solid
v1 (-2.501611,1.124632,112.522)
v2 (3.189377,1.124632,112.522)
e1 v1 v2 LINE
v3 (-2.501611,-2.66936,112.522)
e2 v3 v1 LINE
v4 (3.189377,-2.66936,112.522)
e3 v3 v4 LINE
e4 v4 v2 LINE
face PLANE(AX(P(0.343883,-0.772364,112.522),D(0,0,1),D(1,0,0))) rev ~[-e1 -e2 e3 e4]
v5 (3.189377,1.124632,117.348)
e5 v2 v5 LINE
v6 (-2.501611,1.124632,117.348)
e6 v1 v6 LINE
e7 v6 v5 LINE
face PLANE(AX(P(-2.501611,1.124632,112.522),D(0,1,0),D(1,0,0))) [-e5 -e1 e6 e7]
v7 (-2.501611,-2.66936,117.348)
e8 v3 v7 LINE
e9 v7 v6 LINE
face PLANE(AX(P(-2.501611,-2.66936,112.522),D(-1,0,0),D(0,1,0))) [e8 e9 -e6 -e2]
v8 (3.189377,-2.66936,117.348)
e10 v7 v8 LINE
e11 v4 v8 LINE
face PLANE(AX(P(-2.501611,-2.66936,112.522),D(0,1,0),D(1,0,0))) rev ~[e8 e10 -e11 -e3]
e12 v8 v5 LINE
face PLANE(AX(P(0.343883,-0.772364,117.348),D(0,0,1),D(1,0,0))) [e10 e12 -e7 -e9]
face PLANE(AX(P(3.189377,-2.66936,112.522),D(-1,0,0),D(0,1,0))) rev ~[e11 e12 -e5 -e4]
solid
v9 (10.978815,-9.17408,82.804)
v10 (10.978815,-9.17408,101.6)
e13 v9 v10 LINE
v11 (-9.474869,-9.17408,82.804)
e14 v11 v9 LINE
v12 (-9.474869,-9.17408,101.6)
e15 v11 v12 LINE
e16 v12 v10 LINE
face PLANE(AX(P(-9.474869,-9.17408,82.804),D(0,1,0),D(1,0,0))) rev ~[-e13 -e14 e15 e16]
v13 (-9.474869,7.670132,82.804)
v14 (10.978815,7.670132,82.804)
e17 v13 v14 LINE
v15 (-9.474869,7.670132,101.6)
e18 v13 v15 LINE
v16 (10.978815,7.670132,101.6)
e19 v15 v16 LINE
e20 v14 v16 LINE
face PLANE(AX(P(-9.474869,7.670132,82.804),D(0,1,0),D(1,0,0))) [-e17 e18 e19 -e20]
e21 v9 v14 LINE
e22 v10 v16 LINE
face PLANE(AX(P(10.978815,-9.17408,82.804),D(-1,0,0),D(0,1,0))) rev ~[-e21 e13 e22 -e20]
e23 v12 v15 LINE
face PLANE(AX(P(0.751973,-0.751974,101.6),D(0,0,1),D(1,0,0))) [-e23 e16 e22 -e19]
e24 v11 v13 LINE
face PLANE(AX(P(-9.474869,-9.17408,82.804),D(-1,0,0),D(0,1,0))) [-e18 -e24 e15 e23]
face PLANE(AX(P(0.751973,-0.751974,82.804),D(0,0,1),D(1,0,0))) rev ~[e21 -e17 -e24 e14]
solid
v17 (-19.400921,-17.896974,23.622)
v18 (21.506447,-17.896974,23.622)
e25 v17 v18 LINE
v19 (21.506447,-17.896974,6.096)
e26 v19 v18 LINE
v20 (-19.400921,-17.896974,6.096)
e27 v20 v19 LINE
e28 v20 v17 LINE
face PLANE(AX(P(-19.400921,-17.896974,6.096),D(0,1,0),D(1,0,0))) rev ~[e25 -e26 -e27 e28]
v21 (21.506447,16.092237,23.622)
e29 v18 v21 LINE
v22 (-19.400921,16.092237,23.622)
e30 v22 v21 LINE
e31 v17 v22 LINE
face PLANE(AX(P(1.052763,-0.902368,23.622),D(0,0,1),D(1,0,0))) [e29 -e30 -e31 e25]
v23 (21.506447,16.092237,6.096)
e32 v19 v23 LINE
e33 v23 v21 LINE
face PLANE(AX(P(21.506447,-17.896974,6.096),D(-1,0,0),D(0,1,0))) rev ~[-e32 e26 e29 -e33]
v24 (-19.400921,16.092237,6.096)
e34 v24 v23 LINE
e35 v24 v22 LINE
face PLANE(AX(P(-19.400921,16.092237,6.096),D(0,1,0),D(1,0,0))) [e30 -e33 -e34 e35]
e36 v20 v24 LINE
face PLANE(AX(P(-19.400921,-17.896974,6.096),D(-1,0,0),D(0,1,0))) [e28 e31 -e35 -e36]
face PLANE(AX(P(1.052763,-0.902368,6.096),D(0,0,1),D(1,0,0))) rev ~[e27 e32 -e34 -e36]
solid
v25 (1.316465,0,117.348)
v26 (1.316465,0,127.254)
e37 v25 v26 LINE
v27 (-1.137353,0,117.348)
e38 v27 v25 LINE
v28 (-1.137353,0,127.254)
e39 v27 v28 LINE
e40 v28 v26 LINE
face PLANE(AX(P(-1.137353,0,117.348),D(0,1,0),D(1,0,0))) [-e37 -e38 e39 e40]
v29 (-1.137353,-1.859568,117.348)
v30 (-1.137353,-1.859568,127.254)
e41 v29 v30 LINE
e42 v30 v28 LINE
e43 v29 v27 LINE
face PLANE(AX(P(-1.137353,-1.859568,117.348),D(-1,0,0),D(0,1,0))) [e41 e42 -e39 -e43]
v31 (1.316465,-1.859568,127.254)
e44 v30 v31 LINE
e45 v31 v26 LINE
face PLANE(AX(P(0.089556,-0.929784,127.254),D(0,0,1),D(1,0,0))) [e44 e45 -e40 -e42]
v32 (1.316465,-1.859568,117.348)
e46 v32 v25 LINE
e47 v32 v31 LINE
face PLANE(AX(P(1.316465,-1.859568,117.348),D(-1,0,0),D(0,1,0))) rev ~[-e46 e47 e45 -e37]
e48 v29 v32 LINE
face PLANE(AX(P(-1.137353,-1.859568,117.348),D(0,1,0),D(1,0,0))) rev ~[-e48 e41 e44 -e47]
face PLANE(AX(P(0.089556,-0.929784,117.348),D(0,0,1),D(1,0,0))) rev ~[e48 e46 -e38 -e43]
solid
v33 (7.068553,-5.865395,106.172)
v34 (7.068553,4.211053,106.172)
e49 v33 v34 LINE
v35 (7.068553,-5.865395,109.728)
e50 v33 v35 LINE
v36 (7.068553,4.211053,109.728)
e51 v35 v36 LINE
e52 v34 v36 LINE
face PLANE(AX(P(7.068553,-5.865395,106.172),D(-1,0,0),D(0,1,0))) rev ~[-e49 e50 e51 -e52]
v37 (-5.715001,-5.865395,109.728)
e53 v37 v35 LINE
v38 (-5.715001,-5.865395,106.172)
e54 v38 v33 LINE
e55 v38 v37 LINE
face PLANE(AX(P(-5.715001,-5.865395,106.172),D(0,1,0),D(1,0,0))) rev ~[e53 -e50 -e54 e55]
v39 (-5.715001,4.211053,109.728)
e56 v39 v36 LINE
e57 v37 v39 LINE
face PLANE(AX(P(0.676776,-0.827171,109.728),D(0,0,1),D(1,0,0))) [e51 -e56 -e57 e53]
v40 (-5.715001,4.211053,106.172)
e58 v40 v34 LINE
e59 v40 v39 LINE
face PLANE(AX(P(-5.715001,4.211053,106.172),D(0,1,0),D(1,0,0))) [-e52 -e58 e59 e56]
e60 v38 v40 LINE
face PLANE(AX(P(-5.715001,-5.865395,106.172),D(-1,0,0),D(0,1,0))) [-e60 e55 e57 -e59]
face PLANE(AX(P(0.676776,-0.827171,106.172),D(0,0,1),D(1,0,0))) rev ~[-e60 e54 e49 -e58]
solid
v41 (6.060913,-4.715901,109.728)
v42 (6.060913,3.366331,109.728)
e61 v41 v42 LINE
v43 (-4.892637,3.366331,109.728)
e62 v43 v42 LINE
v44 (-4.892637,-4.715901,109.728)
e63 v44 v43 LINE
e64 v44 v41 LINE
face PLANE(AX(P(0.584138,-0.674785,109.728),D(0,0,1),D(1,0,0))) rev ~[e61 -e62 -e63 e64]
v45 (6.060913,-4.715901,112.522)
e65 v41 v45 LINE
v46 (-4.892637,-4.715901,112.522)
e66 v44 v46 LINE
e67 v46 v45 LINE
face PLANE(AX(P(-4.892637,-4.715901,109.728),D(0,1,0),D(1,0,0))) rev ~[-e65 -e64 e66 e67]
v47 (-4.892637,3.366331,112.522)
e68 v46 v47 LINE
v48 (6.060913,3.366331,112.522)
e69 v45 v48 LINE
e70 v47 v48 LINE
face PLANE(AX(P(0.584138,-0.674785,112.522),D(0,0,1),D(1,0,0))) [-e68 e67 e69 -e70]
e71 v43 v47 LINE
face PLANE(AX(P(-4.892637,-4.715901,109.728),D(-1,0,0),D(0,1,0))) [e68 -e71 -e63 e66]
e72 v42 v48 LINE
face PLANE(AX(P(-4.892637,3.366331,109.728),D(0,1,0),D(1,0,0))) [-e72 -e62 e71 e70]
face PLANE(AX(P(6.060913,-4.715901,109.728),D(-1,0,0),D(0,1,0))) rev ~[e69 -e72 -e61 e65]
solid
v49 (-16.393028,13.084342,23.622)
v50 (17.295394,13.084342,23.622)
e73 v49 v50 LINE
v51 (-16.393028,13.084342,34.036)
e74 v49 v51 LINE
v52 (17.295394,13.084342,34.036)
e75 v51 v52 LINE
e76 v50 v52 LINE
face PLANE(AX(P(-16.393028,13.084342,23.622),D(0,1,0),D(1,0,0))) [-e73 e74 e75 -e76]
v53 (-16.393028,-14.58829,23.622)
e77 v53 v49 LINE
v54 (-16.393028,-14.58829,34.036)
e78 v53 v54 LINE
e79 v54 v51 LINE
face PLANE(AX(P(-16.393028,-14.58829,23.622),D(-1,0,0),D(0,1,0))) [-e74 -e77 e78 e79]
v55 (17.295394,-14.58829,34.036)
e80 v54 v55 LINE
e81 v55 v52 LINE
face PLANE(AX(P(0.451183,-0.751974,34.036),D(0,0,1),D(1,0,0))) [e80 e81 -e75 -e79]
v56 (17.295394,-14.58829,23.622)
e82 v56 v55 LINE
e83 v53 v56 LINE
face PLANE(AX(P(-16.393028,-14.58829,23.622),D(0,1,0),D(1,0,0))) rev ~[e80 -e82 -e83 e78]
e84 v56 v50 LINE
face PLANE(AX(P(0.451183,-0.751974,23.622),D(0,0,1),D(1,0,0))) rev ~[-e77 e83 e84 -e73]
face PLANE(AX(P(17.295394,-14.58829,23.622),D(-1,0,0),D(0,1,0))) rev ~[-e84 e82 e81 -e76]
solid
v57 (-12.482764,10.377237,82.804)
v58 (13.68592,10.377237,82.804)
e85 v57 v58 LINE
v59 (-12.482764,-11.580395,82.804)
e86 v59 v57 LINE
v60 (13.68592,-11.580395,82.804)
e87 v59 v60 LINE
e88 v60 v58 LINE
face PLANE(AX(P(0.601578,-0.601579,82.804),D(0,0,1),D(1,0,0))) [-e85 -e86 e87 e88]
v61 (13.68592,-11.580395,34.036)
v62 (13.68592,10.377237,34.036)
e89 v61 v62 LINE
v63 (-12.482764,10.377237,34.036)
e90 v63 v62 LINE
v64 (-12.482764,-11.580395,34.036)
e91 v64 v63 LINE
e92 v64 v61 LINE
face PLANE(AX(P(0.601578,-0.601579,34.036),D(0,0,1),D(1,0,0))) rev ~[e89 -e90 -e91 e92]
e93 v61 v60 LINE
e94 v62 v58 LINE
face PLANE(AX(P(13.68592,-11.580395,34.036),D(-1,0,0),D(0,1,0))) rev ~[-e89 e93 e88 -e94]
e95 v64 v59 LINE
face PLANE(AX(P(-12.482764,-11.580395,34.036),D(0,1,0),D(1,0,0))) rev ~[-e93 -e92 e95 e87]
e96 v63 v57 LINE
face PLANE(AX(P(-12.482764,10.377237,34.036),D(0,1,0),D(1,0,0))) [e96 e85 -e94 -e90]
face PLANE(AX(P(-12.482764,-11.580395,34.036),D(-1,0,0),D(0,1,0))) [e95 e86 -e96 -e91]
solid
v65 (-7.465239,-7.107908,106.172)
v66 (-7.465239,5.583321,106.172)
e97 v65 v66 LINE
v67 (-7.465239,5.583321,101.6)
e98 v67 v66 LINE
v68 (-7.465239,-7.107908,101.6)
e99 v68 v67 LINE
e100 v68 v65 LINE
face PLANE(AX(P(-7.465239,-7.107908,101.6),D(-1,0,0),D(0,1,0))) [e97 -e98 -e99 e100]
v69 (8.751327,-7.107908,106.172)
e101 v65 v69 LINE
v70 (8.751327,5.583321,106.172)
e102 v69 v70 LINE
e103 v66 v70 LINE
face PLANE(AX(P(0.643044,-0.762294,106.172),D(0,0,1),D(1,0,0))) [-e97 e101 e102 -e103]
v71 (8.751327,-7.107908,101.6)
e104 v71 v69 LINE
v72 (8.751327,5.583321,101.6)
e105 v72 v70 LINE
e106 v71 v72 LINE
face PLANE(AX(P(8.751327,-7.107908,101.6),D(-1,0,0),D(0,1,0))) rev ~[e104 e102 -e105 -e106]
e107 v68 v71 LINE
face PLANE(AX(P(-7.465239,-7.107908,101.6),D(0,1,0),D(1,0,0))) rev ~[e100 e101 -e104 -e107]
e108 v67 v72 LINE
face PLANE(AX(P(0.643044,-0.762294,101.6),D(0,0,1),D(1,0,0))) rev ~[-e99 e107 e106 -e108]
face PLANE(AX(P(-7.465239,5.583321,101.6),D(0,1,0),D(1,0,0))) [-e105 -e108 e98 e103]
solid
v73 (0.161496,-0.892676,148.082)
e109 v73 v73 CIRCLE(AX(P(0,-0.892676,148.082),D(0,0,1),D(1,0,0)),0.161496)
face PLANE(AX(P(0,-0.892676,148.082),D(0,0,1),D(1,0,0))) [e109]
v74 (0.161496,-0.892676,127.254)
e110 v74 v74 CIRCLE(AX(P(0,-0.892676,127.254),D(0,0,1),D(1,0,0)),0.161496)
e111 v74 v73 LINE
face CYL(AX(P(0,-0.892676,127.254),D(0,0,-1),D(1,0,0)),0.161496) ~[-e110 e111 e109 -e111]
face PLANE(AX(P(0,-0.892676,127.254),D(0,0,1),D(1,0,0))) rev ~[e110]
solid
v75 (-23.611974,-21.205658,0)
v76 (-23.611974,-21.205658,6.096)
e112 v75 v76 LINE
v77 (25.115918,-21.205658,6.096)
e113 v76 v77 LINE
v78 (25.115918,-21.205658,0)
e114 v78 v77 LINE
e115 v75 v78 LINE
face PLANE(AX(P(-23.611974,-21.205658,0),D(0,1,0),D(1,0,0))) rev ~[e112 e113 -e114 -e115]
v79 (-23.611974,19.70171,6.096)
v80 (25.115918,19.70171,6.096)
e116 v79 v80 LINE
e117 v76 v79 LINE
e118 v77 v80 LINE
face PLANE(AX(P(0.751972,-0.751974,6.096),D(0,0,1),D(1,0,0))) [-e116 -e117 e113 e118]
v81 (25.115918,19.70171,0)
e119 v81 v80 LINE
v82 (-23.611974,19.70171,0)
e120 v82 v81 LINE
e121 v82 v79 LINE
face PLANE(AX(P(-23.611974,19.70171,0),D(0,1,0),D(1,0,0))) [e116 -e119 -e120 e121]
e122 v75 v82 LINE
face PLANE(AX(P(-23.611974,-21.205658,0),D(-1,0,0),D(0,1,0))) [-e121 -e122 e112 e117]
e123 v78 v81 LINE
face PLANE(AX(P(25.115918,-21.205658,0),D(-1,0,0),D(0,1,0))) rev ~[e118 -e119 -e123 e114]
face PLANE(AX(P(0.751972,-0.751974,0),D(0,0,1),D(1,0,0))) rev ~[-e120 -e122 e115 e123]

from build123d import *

# Parameters (mm, degrees)
F0_W      = 48.727892
F0_H      = 40.907368
F1_DEPTH  = 6.096
F2_W      = 40.907368
F2_H      = 33.989211
F3_DEPTH  = 17.526
F4_W      = 33.688422
F4_H      = 27.672633
F5_DEPTH  = 10.414
F6_W      = 26.168683
F6_H      = 21.957632
F7_DEPTH  = 48.768
F8_W      = 20.453684
F8_H      = 16.844212
F9_DEPTH  = 18.796
F10_W     = 16.216566
F10_H     = 12.691229
F11_DEPTH = 4.572
F12_W     = 12.783553
F12_H     = 10.076448
F13_DEPTH = 3.556
F14_W     = 10.95355
F14_H     = 8.082231
F15_DEPTH = 2.794
F16_W     = 5.690988
F16_H     = 3.793992
F17_DEPTH = 4.826
F18_W     = 2.453818
F18_H     = 1.859568
F19_DEPTH = 9.906
F21_R     = 0.161496
F22_DEPTH = 20.828


with BuildPart() as f1:
    # F0 (on Top) → F1 (new body)
    with BuildSketch(Plane.XY):
        with Locations((0.751972, -0.751974)):
            Rectangle(F0_W, F0_H)
    extrude(amount=F1_DEPTH)


with BuildPart() as f3:
    # F2 (on face) → F3 (new body)
    with BuildSketch(Plane.XY.offset(6.096)):
        with Locations((1.052763, -0.902368)):
            Rectangle(F2_W, F2_H)
    extrude(amount=F3_DEPTH)


with BuildPart() as f5:
    # F4 (on face) → F5 (new body)
    with BuildSketch(Plane.XY.offset(23.622)):
        with Locations((0.451183, -0.751974)):
            Rectangle(F4_W, F4_H)
    extrude(amount=F5_DEPTH)


with BuildPart() as f7:
    # F6 (on face) → F7 (new body)
    with BuildSketch(Plane.XY.offset(34.036)):
        with Locations((0.601578, -0.601579)):
            Rectangle(F6_W, F6_H)
    extrude(amount=F7_DEPTH)


with BuildPart() as f9:
    # F8 (on face) → F9 (new body)
    with BuildSketch(Plane.XY.offset(82.804)):
        with Locations((0.751973, -0.751974)):
            Rectangle(F8_W, F8_H)
    extrude(amount=F9_DEPTH)


with BuildPart() as f11:
    # F10 (on face) → F11 (new body)
    with BuildSketch(Plane.XY.offset(101.6)):
        with Locations((0.643044, -0.762294)):
            Rectangle(F10_W, F10_H)
    extrude(amount=F11_DEPTH)


with BuildPart() as f13:
    # F12 (on face) → F13 (new body)
    with BuildSketch(Plane.XY.offset(106.172)):
        with Locations((0.676776, -0.827171)):
            Rectangle(F12_W, F12_H)
    extrude(amount=F13_DEPTH)


with BuildPart() as f15:
    # F14 (on face) → F15 (new body)
    with BuildSketch(Plane.XY.offset(109.728)):
        with Locations((0.584138, -0.674785)):
            Rectangle(F14_W, F14_H)
    extrude(amount=F15_DEPTH)


with BuildPart() as f17:
    # F16 (on face) → F17 (new body)
    with BuildSketch(Plane.XY.offset(112.522)):
        with Locations((0.343883, -0.772364)):
            Rectangle(F16_W, F16_H)
    extrude(amount=F17_DEPTH)


with BuildPart() as f19:
    # F18 (on face) → F19 (new body)
    with BuildSketch(Plane.XY.offset(117.348)):
        with Locations((0.089556, -0.929784)):
            Rectangle(F18_W, F18_H)
    extrude(amount=F19_DEPTH)


with BuildPart() as f22:
    # F21 (on face) → F22 (new body)
    with BuildSketch(Plane.XY.offset(127.254)):
        with Locations((0, -0.892676)):
            Circle(F21_R)
    extrude(amount=F22_DEPTH)


solid = Compound([f1.part, f3.part, f5.part, f7.part, f9.part, f11.part, f13.part, f15.part, f17.part, f19.part, f22.part])
